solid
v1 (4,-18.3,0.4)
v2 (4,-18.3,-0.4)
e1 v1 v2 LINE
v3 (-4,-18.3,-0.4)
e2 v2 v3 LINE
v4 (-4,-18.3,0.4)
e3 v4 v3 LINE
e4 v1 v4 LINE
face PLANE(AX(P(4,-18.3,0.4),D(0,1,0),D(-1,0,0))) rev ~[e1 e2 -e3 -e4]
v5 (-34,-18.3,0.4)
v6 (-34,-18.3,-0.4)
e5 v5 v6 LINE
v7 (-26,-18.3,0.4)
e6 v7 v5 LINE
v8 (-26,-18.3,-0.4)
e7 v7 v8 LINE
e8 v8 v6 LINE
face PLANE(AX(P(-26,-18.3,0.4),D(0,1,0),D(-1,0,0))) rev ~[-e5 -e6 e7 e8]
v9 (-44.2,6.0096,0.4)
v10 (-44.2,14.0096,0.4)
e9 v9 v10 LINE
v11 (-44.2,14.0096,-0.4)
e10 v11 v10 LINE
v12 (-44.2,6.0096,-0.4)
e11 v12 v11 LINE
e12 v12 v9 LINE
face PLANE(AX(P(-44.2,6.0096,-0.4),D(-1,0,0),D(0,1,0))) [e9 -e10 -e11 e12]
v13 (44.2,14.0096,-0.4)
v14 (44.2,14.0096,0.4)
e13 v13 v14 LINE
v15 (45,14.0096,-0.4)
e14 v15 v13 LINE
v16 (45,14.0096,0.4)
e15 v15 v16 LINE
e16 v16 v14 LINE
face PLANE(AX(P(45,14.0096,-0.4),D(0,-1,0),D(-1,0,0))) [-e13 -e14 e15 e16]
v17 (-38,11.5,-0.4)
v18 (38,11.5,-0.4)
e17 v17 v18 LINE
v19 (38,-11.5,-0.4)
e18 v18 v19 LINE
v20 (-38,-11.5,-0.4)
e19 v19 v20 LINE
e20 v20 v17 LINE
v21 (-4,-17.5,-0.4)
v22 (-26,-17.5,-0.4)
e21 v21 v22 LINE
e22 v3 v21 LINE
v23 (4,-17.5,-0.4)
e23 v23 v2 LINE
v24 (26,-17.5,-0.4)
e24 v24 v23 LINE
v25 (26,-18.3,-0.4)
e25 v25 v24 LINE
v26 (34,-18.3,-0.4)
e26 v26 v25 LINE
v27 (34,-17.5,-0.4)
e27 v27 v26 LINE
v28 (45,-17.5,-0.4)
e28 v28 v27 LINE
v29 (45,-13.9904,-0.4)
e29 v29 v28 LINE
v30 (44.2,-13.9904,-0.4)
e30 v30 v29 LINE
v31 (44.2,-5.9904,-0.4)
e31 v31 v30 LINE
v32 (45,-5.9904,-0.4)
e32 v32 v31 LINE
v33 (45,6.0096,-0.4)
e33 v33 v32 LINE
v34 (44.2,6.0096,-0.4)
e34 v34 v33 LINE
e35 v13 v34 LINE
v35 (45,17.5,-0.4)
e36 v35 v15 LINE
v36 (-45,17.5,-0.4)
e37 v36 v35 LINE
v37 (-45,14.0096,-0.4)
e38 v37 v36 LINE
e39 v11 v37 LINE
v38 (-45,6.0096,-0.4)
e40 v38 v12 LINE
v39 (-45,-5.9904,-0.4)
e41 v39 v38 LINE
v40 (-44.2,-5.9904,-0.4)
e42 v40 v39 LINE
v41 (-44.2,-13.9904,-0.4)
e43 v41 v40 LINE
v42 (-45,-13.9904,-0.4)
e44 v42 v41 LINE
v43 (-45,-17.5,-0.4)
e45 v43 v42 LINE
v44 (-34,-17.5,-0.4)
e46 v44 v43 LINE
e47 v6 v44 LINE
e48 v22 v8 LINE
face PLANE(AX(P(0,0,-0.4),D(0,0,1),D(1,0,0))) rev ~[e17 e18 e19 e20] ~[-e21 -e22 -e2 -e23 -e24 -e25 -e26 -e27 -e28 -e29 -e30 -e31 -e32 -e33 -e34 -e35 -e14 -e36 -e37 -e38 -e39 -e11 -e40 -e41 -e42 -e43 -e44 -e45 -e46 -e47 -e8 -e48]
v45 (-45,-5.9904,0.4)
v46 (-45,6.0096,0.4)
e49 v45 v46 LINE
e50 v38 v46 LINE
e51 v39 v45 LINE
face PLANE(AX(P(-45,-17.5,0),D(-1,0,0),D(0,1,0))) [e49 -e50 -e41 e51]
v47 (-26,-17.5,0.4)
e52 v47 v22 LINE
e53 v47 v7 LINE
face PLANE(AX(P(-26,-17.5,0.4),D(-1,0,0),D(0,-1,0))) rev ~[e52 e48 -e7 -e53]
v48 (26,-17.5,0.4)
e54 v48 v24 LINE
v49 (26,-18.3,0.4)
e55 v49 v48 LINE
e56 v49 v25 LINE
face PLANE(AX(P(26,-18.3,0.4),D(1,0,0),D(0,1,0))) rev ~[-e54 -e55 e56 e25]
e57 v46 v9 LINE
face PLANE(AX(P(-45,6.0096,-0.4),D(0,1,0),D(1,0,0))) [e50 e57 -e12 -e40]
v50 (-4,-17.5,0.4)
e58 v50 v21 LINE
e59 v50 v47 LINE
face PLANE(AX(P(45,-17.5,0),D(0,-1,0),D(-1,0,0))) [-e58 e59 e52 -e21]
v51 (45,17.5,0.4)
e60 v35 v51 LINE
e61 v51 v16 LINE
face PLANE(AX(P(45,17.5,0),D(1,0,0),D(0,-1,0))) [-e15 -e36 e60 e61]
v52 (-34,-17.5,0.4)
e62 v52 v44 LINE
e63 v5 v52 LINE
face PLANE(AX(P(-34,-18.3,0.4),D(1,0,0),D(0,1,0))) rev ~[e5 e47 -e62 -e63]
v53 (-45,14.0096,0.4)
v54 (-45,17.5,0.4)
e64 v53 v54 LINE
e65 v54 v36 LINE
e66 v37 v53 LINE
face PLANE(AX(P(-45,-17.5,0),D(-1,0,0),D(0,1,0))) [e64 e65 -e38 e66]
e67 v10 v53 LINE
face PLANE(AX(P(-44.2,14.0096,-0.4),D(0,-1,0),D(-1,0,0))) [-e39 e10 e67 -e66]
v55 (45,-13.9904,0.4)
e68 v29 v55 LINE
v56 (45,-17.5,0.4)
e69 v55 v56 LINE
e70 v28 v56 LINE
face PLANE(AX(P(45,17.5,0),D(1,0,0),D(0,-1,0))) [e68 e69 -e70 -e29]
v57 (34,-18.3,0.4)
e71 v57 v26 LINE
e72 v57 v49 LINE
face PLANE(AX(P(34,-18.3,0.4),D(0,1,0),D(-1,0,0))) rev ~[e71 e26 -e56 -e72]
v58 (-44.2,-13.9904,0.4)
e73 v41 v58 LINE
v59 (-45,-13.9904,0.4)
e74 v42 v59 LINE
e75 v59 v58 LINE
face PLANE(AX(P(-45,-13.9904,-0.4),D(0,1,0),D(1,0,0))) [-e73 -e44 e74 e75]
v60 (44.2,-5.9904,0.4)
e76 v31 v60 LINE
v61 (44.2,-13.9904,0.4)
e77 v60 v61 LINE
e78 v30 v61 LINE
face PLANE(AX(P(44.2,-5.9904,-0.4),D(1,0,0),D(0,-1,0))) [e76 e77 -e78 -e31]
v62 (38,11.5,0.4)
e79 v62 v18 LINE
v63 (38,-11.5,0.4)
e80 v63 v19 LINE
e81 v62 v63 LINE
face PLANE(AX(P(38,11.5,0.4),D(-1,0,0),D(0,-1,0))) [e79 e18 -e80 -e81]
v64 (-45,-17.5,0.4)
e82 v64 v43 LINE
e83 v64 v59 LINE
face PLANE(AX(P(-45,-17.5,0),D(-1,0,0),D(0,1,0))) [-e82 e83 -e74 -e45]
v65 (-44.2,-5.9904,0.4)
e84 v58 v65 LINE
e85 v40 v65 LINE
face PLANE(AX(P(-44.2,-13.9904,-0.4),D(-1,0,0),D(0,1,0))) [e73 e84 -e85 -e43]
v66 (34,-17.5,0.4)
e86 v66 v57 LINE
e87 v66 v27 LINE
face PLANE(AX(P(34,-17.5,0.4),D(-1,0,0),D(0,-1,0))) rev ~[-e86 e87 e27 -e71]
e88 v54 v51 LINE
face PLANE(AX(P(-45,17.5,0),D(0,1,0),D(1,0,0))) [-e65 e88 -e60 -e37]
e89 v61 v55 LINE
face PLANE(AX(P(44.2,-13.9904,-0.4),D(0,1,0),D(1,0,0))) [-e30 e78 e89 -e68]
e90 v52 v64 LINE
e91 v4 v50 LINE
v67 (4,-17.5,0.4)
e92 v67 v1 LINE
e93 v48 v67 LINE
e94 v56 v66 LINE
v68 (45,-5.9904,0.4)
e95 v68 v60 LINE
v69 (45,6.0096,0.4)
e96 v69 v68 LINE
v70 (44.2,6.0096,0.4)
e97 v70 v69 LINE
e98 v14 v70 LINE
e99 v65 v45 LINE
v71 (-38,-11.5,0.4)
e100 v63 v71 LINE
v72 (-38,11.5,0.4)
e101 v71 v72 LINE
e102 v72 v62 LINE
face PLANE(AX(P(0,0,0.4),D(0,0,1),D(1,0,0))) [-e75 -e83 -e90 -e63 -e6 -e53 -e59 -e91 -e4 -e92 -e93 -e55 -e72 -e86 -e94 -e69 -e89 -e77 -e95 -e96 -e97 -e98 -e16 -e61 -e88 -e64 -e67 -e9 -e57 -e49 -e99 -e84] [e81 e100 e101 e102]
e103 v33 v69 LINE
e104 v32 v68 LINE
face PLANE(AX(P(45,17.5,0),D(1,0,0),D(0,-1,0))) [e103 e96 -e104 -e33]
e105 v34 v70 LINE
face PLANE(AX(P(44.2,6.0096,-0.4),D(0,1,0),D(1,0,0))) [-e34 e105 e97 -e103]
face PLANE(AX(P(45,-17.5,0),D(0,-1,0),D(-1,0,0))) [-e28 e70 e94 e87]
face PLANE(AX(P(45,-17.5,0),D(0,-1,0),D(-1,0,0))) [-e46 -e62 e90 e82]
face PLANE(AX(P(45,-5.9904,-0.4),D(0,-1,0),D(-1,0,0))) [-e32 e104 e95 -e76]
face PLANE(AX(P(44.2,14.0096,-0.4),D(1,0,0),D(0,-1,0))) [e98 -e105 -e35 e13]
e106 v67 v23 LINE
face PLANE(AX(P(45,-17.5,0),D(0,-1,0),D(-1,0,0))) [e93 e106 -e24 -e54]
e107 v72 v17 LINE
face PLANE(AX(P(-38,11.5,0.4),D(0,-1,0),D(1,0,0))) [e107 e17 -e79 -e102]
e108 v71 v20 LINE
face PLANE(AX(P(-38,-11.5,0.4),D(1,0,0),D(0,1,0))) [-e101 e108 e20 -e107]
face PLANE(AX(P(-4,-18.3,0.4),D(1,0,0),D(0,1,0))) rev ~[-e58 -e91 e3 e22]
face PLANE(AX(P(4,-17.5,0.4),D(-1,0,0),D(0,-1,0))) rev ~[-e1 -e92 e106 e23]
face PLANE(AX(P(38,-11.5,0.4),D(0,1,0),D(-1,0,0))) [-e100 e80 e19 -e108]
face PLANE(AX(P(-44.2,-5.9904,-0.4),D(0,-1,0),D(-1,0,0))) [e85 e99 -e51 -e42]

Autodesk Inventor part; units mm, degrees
ref_plane "YZ Plane" through (0, 0, 0) normal (1, 0, 0) x (0, 1, 0)
ref_plane "XZ Plane" through (0, 0, 0) normal (0, 1, 0) x (-1, 0, 0)
ref_plane "XY Plane" through (0, 0, 0) normal (0, 0, 1) x (1, 0, 0)
sketch "Sketch1" plane through (0, 0, 0) normal (0, 0, 1) x (1, 0, 0)
  line L0 (0, 24.5) -> (0, -24.5) construction
  line L1 (-63, 0) -> (63, 0) construction
  line L2 (45, -17.5) -> (-45, -17.5)
  line L3 (-45, -17.5) -> (-45, 17.5)
  line L4 (-45, 17.5) -> (45, 17.5)
  line L5 (45, 17.5) -> (45, -17.5)
  line L6 (45, -17.5) -> (-45, 17.5) construction
  line L7 (-45, -17.5) -> (45, 17.5) construction
  point P0 (0, 0)
  dimension "d0" = 90
  dimension "d1" = 35
extrude "Extrusion1" add sketch "Sketch1" along normal mid plane 0.8
sketch "Esquisse2" plane through (0, 0, 0.4) normal (0, 0, 1) x (1, 0, 0)
  line L0 (-38, 11.5) -> (38, 11.5)
  line L1 (38, 11.5) -> (38, -11.5)
  line L2 (38, -11.5) -> (-38, -11.5)
  line L3 (-38, -11.5) -> (-38, 11.5)
  line L4 (-45, -17.5) -> (45, -17.5) construction
  line L5 (45, -17.5) -> (45, 17.5) construction
  line L6 (45, 17.5) -> (-45, 17.5) construction
  line L7 (-45, 17.5) -> (-45, -17.5) construction
  line L8 (0, 24.5) -> (0, -24.5) construction
  line L9 (-63, 0) -> (63, 0) construction
  point P0 (0, 0)
  dimension "d4" = 76
  dimension "d5" = 23
extrude "Extrusion2" cut sketch "Esquisse2" against normal blind 10
sketch "Esquisse4" plane through (0, 0, -0.4) normal (0, 0, -1) x (-1, 0, 0)
  line L0 (-45, 14.0096) -> (-44.2, 14.0096)
  line L1 (-44.2, 14.0096) -> (-44.2, 6.0096)
  line L2 (-44.2, 6.0096) -> (-45, 6.0096)
  line L3 (-45, 6.0096) -> (-45, 14.0096)
  line L4 (-44.2, -13.9904) -> (-45, -13.9904)
  line L5 (-45, -13.9904) -> (-45, -5.9904)
  line L6 (-45, -5.9904) -> (-44.2, -5.9904)
  line L7 (-44.2, -5.9904) -> (-44.2, -13.9904)
  line L8 (45, -13.9904) -> (44.2, -13.9904)
  line L9 (44.2, -13.9904) -> (44.2, -5.9904)
  line L10 (44.2, -5.9904) -> (45, -5.9904)
  line L11 (45, -5.9904) -> (45, -13.9904)
  line L12 (44.2, 14.0096) -> (45, 14.0096)
  line L13 (45, 14.0096) -> (45, 6.0096)
  line L14 (45, 6.0096) -> (44.2, 6.0096)
  line L15 (44.2, 6.0096) -> (44.2, 14.0096)
  point P0 (0, 0)
extrude "Extrusion4" cut sketch "Esquisse4" against normal blind 0.8
sketch "Esquisse5" plane through (0, 0, 0.4) normal (0, 0, 1) x (1, 0, 0)
  line L0 (-44.2, 14.0096) -> (-45, 14.0096) construction
  line L1 (-45, 14.0096) -> (-45, 17.5) construction
  line L2 (-45, 17.5) -> (45, 17.5) construction
  line L3 (45, 17.5) -> (45, 14.0096) construction
  line L4 (45, 14.0096) -> (44.2, 14.0096) construction
  line L5 (44.2, 14.0096) -> (44.2, 6.0096) construction
  line L6 (44.2, 6.0096) -> (45, 6.0096) construction
  line L7 (45, 6.0096) -> (45, -5.9904) construction
  line L8 (45, -5.9904) -> (44.2, -5.9904) construction
  line L9 (44.2, -5.9904) -> (44.2, -13.9904) construction
  line L10 (44.2, -13.9904) -> (45, -13.9904) construction
  line L11 (45, -13.9904) -> (45, -17.5) construction
  line L12 (45, -17.5) -> (-45, -17.5) construction
  line L13 (-45, -17.5) -> (-45, -13.9904) construction
  line L14 (-45, -13.9904) -> (-44.2, -13.9904) construction
  line L15 (-44.2, -13.9904) -> (-44.2, -5.9904) construction
  line L16 (-44.2, -5.9904) -> (-45, -5.9904) construction
  line L17 (-45, -5.9904) -> (-45, 6.0096) construction
  line L18 (-45, 6.0096) -> (-44.2, 6.0096) construction
  line L19 (-44.2, 6.0096) -> (-44.2, 14.0096) construction
  line L20 (38, -11.5) -> (38, 11.5) construction
  line L21 (38, 11.5) -> (-38, 11.5) construction
  line L22 (-38, 11.5) -> (-38, -11.5) construction
  line L23 (-38, -11.5) -> (38, -11.5) construction
  line L24 (-38, -11.5) -> (-38, 11.5) construction
  line L25 (-38, 11.5) -> (38, 11.5) construction
  line L26 (38, 11.5) -> (38, -11.5) construction
  line L27 (38, -11.5) -> (-38, -11.5) construction
  line L28 (-45, -5.9904) -> (-44.2, -5.9904) construction
  line L29 (-44.2, -5.9904) -> (-44.2, -13.9904) construction
  line L30 (-44.2, -13.9904) -> (-45, -13.9904) construction
  line L31 (-45, -13.9904) -> (-45, -17.5) construction
  line L32 (-45, -17.5) -> (45, -17.5) construction
  line L33 (45, -17.5) -> (45, -13.9904) construction
  line L34 (45, -13.9904) -> (44.2, -13.9904) construction
  line L35 (44.2, -13.9904) -> (44.2, -5.9904) construction
  line L36 (44.2, -5.9904) -> (45, -5.9904) construction
  line L37 (45, -5.9904) -> (45, 6.0096) construction
  line L38 (45, 6.0096) -> (44.2, 6.0096) construction
  line L39 (44.2, 6.0096) -> (44.2, 14.0096) construction
  line L40 (44.2, 14.0096) -> (45, 14.0096) construction
  line L41 (45, 14.0096) -> (45, 17.5) construction
  line L42 (45, 17.5) -> (-45, 17.5) construction
  line L43 (-45, 17.5) -> (-45, 14.0096) construction
  line L44 (-45, 14.0096) -> (-44.2, 14.0096) construction
  line L45 (-44.2, 14.0096) -> (-44.2, 6.0096) construction
  line L46 (-44.2, 6.0096) -> (-45, 6.0096) construction
  line L47 (-45, 6.0096) -> (-45, -5.9904) construction
  line L48 (-63, 0) -> (63, 0) construction
  line L49 (0, 24.66) -> (0, -25.46) construction
  line L50 (-34, -17.5) -> (-26, -17.5)
  line L51 (-26, -17.5) -> (-26, -18.3)
  line L52 (-26, -18.3) -> (-34, -18.3)
  line L53 (-34, -18.3) -> (-34, -17.5)
  line L54 (-4, -18.3) -> (-4, -17.5)
  line L55 (-4, -17.5) -> (4, -17.5)
  line L56 (4, -17.5) -> (4, -18.3)
  line L57 (4, -18.3) -> (-4, -18.3)
  line L58 (26, -18.3) -> (26, -17.5)
  line L59 (26, -17.5) -> (34, -17.5)
  line L60 (34, -17.5) -> (34, -18.3)
  line L61 (34, -18.3) -> (26, -18.3)
  point P0 (0, 0)
  dimension "d32" = 8
  dimension "d33" = 0.8
  dimension "d36" = 30
extrude "Extrusion5" add sketch "Esquisse5" against normal blind 0.8
properties part number "Carosserie_Capot_Avant_Haut" material "PVC-U"
